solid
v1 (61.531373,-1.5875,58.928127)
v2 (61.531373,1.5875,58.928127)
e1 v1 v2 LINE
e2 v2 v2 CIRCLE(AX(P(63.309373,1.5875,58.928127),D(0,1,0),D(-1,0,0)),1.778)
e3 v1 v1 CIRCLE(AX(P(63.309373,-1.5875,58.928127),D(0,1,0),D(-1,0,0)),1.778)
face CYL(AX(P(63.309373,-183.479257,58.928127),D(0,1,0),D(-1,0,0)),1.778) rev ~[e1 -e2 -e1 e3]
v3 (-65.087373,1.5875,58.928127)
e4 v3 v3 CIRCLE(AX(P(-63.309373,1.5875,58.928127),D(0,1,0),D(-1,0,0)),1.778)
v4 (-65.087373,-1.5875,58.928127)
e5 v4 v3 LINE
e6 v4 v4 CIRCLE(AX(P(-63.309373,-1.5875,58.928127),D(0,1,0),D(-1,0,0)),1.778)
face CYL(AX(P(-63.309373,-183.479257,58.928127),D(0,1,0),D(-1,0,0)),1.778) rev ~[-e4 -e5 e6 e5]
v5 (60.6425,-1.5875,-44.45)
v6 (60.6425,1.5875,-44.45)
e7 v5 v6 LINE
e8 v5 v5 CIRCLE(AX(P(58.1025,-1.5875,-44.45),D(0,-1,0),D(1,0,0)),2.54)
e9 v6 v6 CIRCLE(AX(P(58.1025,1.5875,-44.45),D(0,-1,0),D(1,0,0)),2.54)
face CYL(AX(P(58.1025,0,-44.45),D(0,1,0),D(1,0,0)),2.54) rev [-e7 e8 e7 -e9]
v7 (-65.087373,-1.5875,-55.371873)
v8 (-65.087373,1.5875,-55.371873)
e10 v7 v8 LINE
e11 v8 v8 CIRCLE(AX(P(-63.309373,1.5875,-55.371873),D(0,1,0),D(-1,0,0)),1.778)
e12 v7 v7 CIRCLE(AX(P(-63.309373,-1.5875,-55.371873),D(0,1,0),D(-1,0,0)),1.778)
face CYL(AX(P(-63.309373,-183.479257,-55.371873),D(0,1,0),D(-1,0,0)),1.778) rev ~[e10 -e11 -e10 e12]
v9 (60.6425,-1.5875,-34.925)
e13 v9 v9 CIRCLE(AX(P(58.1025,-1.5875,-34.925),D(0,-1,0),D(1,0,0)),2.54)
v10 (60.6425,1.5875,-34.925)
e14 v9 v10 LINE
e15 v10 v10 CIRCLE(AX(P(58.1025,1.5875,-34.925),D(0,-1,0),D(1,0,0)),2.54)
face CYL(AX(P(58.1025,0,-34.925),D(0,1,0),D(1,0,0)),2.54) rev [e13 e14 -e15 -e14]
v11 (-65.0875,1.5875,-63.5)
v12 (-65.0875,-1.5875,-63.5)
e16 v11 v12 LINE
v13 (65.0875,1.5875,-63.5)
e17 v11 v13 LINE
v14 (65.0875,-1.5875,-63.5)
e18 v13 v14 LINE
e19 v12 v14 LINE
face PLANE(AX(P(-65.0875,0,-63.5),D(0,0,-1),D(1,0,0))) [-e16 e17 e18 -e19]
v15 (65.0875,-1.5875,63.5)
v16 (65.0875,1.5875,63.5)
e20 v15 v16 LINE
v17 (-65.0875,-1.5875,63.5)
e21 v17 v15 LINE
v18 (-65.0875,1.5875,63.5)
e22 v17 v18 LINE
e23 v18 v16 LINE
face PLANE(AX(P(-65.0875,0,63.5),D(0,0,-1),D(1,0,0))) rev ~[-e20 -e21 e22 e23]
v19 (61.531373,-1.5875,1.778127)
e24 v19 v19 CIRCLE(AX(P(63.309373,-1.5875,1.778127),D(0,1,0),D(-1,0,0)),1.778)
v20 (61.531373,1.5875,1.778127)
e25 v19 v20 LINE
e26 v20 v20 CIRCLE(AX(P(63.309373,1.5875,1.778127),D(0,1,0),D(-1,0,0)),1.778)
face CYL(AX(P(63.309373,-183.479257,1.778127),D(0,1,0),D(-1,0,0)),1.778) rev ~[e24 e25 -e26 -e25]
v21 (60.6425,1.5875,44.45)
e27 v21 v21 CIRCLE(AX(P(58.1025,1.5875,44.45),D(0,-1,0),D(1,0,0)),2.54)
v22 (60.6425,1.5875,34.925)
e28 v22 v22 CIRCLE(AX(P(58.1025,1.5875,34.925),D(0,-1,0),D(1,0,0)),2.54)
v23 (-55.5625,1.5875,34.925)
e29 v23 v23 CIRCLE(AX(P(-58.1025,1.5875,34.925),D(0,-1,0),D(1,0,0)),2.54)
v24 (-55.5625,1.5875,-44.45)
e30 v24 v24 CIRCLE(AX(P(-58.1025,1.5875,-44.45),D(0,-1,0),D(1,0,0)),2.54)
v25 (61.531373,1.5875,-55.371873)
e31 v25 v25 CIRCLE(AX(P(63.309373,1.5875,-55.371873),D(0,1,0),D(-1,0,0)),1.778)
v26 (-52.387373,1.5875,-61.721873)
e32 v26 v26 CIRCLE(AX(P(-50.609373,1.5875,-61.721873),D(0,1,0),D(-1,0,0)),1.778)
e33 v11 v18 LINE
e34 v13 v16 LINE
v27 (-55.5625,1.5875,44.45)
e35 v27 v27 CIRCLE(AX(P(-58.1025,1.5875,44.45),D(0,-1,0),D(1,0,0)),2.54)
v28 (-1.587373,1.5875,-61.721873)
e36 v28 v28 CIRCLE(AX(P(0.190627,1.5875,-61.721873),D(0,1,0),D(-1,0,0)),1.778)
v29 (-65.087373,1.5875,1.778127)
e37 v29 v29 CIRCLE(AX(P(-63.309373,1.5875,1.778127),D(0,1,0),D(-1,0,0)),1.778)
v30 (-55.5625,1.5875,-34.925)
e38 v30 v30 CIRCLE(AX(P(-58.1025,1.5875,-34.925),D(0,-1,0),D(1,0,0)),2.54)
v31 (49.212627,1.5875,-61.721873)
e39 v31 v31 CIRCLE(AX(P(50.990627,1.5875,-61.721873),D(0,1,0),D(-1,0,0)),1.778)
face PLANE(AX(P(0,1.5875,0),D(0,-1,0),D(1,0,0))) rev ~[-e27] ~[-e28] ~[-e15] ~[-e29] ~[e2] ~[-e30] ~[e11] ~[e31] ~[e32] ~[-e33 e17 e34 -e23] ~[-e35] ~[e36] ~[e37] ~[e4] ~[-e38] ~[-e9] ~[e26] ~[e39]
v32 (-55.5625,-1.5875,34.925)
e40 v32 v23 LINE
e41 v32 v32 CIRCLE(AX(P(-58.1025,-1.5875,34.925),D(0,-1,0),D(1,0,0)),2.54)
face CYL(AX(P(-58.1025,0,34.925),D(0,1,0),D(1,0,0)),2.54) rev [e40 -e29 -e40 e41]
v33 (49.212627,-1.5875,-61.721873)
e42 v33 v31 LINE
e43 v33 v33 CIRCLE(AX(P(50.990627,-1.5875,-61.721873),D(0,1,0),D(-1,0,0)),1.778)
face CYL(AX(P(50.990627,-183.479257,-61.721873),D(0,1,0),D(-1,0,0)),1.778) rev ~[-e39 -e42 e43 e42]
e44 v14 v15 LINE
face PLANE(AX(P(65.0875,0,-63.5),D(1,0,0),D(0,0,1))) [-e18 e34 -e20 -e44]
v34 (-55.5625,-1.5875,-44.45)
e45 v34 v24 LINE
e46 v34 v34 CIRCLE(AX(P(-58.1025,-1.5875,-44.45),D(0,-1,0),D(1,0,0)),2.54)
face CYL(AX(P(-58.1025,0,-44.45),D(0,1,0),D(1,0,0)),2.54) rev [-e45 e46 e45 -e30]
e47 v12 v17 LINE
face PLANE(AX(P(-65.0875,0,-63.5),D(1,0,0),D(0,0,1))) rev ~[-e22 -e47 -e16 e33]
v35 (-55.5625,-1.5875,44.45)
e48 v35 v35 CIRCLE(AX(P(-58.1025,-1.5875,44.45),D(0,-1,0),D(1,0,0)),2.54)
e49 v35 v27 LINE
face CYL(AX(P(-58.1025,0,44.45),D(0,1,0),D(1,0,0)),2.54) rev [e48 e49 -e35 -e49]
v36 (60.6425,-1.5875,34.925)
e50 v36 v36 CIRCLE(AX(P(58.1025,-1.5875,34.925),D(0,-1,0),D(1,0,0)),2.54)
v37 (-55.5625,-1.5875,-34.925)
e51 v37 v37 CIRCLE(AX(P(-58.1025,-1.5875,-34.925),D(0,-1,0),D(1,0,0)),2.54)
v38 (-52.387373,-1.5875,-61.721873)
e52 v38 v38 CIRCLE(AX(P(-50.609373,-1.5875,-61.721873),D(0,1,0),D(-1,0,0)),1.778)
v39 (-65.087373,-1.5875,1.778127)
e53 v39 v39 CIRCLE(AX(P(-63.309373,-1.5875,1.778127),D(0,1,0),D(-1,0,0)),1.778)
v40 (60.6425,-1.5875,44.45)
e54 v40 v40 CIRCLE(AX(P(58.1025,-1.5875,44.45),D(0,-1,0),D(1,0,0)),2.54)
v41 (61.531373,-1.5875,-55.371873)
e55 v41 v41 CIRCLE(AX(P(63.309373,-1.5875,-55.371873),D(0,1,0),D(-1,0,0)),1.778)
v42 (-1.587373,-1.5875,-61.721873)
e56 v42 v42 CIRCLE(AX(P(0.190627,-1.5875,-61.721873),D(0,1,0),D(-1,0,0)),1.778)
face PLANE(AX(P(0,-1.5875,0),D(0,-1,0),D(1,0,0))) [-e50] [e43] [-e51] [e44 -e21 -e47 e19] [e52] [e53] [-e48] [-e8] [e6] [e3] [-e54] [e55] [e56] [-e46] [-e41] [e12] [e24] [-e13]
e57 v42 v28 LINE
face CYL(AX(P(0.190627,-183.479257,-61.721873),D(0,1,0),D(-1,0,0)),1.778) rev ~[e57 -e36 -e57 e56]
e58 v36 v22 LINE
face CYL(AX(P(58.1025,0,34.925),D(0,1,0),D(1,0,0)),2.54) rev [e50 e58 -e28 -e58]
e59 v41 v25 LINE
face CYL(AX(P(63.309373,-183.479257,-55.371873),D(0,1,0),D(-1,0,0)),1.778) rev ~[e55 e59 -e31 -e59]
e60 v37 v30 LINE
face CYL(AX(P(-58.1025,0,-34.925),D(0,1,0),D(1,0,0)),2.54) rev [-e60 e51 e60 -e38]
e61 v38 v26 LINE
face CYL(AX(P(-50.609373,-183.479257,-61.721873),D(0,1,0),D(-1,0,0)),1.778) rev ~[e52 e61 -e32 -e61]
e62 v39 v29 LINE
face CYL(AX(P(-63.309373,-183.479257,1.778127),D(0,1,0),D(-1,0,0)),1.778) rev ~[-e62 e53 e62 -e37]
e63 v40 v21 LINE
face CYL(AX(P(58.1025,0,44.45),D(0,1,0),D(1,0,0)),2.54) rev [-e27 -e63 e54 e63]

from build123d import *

# Parameters (mm, degrees)
F0_W     = 130.175
F0_H     = 127
F0_R     = 2.54
F1_DEPTH = 1.5875
F3_D     = 3.556


with BuildPart() as f1:
    # F0 (on Front) → F1 (new body, symmetric)
    with BuildSketch(Plane.XZ):
        Rectangle(F0_W, F0_H)
        with Locations((-58.1025, -44.45)):
            Circle(F0_R, mode=Mode.SUBTRACT)
        with Locations((-58.1025, -34.925)):
            Circle(F0_R, mode=Mode.SUBTRACT)
        with Locations((58.1025, -44.45)):
            Circle(F0_R, mode=Mode.SUBTRACT)
        with Locations((58.1025, -34.925)):
            Circle(F0_R, mode=Mode.SUBTRACT)
        with Locations((-58.1025, 34.925)):
            Circle(F0_R, mode=Mode.SUBTRACT)
        with Locations((-58.1025, 44.45)):
            Circle(F0_R, mode=Mode.SUBTRACT)
        with Locations((58.1025, 34.925)):
            Circle(F0_R, mode=Mode.SUBTRACT)
        with Locations((58.1025, 44.45)):
            Circle(F0_R, mode=Mode.SUBTRACT)
    extrude(amount=F1_DEPTH, both=True)

    # F3 (through all)
    with Locations(Plane.XZ.offset(1.5875)):
        with Locations((-63.309373, 58.928127), (-63.309373, 1.778127), (-63.309373, -55.371873), (-50.609373, -61.721873), (0.190627, -61.721873), (50.990627, -61.721873), (63.309373, -55.371873), (63.309373, 1.778127), (63.309373, 58.928127)):
            Hole(F3_D / 2)


solid = f1.part
